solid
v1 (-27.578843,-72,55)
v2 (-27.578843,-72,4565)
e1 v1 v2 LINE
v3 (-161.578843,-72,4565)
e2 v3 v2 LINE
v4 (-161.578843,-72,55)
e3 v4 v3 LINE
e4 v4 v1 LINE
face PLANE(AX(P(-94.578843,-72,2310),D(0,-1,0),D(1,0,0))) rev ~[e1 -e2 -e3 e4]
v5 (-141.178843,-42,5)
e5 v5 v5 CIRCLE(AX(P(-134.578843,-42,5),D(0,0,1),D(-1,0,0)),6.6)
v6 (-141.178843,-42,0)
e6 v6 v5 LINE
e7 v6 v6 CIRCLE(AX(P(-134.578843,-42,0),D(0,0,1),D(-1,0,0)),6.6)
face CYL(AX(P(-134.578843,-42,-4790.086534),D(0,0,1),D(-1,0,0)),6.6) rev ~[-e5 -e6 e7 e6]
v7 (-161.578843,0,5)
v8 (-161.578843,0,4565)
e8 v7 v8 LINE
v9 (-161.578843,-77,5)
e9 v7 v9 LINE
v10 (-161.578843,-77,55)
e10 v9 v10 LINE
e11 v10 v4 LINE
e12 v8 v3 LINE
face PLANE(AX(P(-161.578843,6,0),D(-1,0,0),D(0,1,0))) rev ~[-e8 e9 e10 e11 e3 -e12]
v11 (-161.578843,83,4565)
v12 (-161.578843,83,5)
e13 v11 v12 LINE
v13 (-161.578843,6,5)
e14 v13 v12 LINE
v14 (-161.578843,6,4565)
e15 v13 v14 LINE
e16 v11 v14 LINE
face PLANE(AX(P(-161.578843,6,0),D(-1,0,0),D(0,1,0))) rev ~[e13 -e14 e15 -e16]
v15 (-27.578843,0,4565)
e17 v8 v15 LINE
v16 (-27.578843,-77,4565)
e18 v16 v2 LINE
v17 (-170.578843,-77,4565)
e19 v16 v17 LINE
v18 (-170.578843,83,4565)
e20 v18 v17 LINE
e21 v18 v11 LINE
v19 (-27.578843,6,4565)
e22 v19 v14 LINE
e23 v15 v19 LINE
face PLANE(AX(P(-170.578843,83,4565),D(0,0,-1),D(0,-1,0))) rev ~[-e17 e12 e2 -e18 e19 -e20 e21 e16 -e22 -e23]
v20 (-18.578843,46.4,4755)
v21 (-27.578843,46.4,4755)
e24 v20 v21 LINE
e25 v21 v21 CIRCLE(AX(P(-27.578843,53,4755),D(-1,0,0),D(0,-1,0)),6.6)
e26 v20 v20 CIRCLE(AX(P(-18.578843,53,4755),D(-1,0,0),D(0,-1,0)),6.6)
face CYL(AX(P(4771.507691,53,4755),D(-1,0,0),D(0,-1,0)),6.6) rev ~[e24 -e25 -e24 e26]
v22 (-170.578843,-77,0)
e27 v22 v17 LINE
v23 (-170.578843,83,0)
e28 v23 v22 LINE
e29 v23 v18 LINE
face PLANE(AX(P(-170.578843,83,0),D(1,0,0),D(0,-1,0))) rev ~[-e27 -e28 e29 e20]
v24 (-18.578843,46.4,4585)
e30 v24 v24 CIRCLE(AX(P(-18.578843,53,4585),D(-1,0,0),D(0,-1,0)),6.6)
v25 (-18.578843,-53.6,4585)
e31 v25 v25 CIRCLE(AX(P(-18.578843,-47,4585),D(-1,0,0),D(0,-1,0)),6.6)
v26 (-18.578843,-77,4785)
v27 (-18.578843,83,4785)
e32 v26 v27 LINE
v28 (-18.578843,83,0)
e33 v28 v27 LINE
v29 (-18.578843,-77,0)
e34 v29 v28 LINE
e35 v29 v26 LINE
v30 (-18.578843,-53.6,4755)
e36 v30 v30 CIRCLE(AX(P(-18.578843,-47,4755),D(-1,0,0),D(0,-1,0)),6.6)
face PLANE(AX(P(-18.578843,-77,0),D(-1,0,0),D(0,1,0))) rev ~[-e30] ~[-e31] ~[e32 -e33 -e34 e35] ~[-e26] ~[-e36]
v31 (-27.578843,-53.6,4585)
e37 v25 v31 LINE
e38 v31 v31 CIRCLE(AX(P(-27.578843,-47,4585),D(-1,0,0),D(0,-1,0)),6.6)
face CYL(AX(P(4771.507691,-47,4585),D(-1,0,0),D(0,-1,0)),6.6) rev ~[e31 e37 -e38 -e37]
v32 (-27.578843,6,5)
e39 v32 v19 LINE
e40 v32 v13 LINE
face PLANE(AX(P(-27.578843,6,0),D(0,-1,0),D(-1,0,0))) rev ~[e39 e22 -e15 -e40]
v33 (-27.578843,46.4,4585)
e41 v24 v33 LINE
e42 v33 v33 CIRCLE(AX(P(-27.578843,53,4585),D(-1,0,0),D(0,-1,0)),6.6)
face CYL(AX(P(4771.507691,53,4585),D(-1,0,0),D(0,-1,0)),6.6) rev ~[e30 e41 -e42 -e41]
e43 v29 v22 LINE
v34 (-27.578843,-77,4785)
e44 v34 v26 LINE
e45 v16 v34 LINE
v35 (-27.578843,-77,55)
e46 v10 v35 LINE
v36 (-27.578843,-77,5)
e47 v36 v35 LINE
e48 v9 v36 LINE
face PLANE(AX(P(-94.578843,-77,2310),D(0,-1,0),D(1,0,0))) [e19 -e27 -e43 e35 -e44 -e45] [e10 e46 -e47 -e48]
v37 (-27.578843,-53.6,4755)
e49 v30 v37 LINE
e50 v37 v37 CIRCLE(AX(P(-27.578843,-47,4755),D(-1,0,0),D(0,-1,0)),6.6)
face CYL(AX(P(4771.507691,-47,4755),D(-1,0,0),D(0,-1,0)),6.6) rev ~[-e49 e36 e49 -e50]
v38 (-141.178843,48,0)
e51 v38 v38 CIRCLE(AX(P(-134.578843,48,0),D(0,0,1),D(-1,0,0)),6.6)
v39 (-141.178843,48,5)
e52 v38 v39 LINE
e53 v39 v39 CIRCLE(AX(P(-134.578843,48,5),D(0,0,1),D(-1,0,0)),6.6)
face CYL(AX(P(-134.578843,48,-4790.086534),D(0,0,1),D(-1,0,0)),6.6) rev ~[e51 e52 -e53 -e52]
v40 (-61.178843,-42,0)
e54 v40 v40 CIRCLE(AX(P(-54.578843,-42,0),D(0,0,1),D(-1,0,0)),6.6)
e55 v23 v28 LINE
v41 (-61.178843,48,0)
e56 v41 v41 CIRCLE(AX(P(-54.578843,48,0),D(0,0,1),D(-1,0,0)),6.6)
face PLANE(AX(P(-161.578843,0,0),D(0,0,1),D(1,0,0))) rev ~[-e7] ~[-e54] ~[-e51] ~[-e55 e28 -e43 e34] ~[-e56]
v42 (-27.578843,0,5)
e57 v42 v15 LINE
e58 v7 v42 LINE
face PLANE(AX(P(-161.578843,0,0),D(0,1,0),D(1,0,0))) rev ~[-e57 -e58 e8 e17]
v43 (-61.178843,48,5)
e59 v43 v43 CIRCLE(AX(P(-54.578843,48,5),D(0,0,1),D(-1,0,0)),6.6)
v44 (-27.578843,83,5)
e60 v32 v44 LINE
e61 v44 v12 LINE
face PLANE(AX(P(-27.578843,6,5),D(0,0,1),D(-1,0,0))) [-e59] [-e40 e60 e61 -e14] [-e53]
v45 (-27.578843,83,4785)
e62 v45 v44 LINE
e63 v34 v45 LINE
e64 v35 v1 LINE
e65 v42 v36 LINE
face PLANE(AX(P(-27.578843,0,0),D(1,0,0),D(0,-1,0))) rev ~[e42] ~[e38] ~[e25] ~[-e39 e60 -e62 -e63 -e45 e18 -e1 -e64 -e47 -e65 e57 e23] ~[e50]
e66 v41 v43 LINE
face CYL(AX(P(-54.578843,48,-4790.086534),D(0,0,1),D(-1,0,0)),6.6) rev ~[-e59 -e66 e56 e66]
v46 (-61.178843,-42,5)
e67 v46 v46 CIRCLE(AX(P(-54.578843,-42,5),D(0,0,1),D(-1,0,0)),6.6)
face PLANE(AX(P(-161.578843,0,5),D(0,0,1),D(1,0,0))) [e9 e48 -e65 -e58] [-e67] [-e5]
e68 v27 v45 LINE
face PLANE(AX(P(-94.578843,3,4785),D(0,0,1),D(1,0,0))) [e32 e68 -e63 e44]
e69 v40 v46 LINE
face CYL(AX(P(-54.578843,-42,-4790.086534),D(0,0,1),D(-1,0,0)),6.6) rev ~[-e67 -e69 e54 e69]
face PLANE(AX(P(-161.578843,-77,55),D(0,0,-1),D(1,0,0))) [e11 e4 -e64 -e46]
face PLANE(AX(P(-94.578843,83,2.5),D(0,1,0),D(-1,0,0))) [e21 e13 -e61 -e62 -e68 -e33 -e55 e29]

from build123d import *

# Parameters (mm, degrees)
F1_DEPTH  = 4785
F2_W      = 134
F2_H      = 220
F3_DEPTH  = 100
F4_W      = 160
F4_H      = 220
F5_DEPTH  = 25
F7_D      = 13.2
F8_W      = 134
F8_H      = 5
F9_DEPTH  = 77
F10_W     = 134
F10_H     = 5
F11_DEPTH = 77
F13_D     = 13.2
F14_W     = 134
F14_H     = 4510
F15_DEPTH = 5


with BuildPart() as f1:
    # F0 (on Top) → F1 (new body)
    with BuildSketch(Plane.XY):
        Polygon((-170.5788427117, 83), (-170.5788427117, -77), (-161.5788427117, -77), (-161.5788427117, 0), (-27.5788427117, 0), (-27.5788427117, -77), (-18.5788427117, -77), (-18.5788427117, 83), (-27.5788427117, 83), (-27.5788427117, 6), (-161.5788427117, 6), (-161.5788427117, 83), align=None)
    extrude(amount=F1_DEPTH)

    # F2 (on face) → F3 (cut)
    with BuildSketch(Plane.XZ):
        with Locations((-94.5788427117, 4675)):
            Rectangle(F2_W, F2_H)
    extrude(amount=-F3_DEPTH, mode=Mode.SUBTRACT)

    # F4 (on face) → F5 (cut)
    with BuildSketch(Plane(origin=(-170.5788427117, 0, 0), x_dir=(0, -1, 0), z_dir=(-1, 0, 0))):
        with Locations((-3, 4675)):
            Rectangle(F4_W, F4_H)
    extrude(amount=-F5_DEPTH, mode=Mode.SUBTRACT)

    # F7 (through all)
    with Locations(Plane.YZ.offset(-18.5788427117)):
        with Locations((-47, 4755), (53, 4755), (-47, 4585), (53, 4585)):
            Hole(F7_D / 2)

    # F8 (on face) → F9 (join)
    with BuildSketch(Plane(origin=(0, 6, 0), x_dir=(-1, 0, 0), z_dir=(0, 1, 0))):
        with Locations((94.5788427117, 2.5)):
            Rectangle(F8_W, F8_H)
    extrude(amount=F9_DEPTH)

    # F10 (on face) → F11 (join)
    with BuildSketch(Plane.XZ):
        with Locations((-94.5788427117, 2.5)):
            Rectangle(F10_W, F10_H)
    extrude(amount=F11_DEPTH)

    # F13 (through all)
    with Locations(Plane(origin=(0, 0, 0), x_dir=(1, 0, 0), z_dir=(0, 0, -1))):
        with Locations((-54.5788427117, -48), (-54.5788427117, 42), (-134.5788427117, 42), (-134.5788427117, -48)):
            Hole(F13_D / 2)

    # F14 (on face) → F15 (join)
    with BuildSketch(Plane.XZ.offset(77)):
        with Locations((-94.5788427117, 2310)):
            Rectangle(F14_W, F14_H)
    extrude(amount=-F15_DEPTH)


solid = f1.part
